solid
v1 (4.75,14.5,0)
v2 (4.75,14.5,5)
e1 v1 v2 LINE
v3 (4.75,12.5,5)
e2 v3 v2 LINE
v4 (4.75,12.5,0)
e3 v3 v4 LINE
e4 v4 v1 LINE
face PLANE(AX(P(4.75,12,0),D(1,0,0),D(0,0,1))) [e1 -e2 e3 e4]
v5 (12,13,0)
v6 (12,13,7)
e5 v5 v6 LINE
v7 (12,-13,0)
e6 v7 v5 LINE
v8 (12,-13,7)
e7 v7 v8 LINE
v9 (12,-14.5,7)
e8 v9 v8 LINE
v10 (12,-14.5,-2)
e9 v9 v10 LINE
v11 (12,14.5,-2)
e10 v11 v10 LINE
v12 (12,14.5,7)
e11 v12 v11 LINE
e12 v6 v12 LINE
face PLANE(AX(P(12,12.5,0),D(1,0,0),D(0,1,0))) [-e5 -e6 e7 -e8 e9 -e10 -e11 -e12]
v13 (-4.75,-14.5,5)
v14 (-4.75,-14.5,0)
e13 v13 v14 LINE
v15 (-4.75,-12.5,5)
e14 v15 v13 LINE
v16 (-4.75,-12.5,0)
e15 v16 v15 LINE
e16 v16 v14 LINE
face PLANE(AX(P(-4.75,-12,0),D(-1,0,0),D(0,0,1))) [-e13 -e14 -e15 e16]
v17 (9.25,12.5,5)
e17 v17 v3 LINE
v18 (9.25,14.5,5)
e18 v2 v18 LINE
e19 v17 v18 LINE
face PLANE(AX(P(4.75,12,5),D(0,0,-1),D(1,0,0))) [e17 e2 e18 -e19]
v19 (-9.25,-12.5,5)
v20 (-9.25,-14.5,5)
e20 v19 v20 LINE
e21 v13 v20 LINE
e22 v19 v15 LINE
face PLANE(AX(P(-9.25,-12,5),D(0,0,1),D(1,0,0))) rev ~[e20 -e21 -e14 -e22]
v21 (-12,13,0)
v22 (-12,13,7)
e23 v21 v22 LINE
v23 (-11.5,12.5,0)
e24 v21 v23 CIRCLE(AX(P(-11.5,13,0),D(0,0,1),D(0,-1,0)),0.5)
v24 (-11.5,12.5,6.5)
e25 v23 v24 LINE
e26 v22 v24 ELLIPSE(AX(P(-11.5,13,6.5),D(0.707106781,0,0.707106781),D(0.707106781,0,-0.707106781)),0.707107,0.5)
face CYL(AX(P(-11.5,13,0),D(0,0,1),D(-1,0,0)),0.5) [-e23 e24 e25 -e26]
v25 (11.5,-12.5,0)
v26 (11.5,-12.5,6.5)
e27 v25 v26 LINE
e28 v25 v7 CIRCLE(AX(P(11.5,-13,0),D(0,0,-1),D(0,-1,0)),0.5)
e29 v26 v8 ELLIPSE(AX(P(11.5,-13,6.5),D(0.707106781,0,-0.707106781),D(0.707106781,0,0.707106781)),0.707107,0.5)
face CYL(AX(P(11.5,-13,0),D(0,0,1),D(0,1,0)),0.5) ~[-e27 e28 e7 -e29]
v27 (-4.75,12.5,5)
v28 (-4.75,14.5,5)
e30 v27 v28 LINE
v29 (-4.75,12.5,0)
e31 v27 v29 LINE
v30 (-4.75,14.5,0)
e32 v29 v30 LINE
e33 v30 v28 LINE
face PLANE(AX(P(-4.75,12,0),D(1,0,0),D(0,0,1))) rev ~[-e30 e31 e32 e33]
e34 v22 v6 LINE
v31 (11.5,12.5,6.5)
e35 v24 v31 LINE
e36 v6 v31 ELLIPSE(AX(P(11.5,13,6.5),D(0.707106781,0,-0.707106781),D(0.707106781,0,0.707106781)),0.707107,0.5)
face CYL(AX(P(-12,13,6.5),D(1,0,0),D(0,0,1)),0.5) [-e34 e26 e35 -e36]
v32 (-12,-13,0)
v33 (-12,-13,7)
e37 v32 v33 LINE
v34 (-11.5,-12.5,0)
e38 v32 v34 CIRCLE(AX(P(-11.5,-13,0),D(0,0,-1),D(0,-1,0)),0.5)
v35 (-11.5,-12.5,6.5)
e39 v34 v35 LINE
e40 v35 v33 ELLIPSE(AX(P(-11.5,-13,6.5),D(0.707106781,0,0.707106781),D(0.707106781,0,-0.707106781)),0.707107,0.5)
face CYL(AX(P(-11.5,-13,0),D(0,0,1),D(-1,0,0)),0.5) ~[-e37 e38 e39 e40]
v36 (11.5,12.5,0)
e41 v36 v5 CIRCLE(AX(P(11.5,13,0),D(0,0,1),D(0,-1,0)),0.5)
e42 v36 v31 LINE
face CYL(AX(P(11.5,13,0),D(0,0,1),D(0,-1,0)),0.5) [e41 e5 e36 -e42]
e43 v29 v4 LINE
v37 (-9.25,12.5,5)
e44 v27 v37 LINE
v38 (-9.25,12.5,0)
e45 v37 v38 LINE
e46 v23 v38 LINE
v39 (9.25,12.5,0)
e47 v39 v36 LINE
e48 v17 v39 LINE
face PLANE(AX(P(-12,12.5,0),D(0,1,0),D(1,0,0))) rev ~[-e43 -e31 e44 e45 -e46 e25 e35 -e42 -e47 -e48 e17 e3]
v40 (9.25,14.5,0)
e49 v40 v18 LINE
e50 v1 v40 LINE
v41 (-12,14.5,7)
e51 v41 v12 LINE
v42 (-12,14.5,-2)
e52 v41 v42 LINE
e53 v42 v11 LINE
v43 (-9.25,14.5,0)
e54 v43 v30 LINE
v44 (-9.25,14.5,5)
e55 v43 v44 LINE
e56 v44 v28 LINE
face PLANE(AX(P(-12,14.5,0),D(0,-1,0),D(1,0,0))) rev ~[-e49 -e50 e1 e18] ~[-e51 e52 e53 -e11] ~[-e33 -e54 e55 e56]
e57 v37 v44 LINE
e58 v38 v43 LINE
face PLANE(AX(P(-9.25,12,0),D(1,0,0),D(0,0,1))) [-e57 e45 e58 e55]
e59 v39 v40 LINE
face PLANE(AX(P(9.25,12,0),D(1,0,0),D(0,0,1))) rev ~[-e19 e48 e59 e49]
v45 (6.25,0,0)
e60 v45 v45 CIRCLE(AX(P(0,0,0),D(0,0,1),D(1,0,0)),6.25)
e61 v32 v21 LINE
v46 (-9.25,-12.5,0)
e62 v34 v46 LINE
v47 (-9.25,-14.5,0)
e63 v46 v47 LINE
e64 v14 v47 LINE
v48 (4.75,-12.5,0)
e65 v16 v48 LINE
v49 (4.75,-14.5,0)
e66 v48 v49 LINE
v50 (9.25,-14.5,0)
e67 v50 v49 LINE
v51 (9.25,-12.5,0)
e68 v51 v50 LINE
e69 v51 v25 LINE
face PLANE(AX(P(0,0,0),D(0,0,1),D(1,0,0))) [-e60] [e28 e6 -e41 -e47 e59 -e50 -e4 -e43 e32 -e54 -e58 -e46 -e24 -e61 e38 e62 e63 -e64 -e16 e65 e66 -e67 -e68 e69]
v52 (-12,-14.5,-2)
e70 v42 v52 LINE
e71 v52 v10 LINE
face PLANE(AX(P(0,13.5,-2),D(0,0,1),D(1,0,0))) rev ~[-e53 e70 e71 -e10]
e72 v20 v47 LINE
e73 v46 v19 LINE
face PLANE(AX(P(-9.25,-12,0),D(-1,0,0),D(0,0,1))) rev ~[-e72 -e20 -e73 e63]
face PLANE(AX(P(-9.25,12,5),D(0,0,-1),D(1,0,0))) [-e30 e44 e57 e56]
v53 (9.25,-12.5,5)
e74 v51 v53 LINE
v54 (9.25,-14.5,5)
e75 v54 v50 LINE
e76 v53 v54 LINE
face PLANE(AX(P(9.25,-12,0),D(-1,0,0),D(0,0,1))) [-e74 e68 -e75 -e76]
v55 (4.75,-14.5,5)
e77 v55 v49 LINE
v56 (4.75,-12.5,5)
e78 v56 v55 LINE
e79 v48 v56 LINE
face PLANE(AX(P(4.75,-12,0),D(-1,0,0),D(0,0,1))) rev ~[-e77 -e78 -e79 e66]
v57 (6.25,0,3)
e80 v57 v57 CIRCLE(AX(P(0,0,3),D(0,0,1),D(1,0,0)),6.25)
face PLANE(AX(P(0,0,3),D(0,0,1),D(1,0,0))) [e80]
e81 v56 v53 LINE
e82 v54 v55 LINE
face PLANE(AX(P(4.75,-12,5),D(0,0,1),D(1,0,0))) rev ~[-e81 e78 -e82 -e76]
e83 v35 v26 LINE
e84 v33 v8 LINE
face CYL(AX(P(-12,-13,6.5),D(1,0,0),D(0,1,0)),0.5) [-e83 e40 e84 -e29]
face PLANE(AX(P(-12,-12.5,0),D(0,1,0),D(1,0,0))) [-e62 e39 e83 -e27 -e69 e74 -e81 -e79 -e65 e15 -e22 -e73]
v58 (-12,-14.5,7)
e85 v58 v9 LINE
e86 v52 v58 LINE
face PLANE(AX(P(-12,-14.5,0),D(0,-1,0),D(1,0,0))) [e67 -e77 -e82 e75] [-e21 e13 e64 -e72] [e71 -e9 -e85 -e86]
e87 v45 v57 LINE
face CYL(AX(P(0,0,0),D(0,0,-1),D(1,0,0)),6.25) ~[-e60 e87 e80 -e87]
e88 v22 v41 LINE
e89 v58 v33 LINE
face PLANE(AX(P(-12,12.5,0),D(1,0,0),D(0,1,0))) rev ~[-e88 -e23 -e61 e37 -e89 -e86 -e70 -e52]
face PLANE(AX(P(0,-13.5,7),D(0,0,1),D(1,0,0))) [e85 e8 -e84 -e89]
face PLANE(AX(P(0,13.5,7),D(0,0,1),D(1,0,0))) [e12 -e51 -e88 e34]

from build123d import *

# Parameters (mm, degrees)
F0_W          = 24
F0_H          = 25
F1_DEPTH      = 2
F2_R          = 6.25
F3_DEPTH      = 3
F4_W          = 24
F4_H          = 2
F5_DEPTH      = 7
F5_DEPTH_BACK = 2
F7_START      = 12
F6_W          = 4.5
F6_H          = 5
F7_DEPTH      = 3
F8_START      = -12
F8_DEPTH      = 3
F9_R          = 0.5


with BuildPart() as f1:
    # F0 (on Top) → F1 (new body)
    with BuildSketch(Plane.XY):
        Rectangle(F0_W, F0_H)
    extrude(amount=-F1_DEPTH)

    # F2 (on Top) → F3 (join)
    with BuildSketch(Plane.XY):
        Circle(F2_R)
    extrude(amount=F3_DEPTH)

    # F4 (on Top) → F5 (join, two sides)
    with BuildSketch(Plane.XY) as f5_sk:
        with Locations((0, 13.5)):
            Rectangle(F4_W, F4_H)
        with Locations((0, -13.5)):
            Rectangle(F4_W, F4_H)
    extrude(amount=F5_DEPTH)
    extrude(f5_sk.sketch, amount=-F5_DEPTH_BACK)

    # F6 (on Front) → F7 (cut)
    with BuildSketch(Plane.XZ.offset(F7_START)):
        with Locations((-7, 2.5)):
            Rectangle(F6_W, F6_H)
        with Locations((7, 2.5)):
            Rectangle(F6_W, F6_H)
    extrude(amount=F7_DEPTH, mode=Mode.SUBTRACT)

    # F6 (on Front) → F8 (cut)
    with BuildSketch(Plane.XZ.offset(F8_START)):
        with Locations((-7, 2.5)):
            Rectangle(F6_W, F6_H)
        with Locations((7, 2.5)):
            Rectangle(F6_W, F6_H)
    extrude(amount=-F8_DEPTH, mode=Mode.SUBTRACT)

    # F9
    f9_edges = [f1.edges().sort_by_distance(p)[0] for p in [
        (0, -12.5, 7),
        (0, 12.5, 7),
        (12, 12.5, 3.5),
        (12, -12.5, 3.5),
        (-12, -12.5, 3.5),
        (-12, 12.5, 3.5),
    ]]
    fillet(f9_edges, radius=F9_R)


solid = f1.part
